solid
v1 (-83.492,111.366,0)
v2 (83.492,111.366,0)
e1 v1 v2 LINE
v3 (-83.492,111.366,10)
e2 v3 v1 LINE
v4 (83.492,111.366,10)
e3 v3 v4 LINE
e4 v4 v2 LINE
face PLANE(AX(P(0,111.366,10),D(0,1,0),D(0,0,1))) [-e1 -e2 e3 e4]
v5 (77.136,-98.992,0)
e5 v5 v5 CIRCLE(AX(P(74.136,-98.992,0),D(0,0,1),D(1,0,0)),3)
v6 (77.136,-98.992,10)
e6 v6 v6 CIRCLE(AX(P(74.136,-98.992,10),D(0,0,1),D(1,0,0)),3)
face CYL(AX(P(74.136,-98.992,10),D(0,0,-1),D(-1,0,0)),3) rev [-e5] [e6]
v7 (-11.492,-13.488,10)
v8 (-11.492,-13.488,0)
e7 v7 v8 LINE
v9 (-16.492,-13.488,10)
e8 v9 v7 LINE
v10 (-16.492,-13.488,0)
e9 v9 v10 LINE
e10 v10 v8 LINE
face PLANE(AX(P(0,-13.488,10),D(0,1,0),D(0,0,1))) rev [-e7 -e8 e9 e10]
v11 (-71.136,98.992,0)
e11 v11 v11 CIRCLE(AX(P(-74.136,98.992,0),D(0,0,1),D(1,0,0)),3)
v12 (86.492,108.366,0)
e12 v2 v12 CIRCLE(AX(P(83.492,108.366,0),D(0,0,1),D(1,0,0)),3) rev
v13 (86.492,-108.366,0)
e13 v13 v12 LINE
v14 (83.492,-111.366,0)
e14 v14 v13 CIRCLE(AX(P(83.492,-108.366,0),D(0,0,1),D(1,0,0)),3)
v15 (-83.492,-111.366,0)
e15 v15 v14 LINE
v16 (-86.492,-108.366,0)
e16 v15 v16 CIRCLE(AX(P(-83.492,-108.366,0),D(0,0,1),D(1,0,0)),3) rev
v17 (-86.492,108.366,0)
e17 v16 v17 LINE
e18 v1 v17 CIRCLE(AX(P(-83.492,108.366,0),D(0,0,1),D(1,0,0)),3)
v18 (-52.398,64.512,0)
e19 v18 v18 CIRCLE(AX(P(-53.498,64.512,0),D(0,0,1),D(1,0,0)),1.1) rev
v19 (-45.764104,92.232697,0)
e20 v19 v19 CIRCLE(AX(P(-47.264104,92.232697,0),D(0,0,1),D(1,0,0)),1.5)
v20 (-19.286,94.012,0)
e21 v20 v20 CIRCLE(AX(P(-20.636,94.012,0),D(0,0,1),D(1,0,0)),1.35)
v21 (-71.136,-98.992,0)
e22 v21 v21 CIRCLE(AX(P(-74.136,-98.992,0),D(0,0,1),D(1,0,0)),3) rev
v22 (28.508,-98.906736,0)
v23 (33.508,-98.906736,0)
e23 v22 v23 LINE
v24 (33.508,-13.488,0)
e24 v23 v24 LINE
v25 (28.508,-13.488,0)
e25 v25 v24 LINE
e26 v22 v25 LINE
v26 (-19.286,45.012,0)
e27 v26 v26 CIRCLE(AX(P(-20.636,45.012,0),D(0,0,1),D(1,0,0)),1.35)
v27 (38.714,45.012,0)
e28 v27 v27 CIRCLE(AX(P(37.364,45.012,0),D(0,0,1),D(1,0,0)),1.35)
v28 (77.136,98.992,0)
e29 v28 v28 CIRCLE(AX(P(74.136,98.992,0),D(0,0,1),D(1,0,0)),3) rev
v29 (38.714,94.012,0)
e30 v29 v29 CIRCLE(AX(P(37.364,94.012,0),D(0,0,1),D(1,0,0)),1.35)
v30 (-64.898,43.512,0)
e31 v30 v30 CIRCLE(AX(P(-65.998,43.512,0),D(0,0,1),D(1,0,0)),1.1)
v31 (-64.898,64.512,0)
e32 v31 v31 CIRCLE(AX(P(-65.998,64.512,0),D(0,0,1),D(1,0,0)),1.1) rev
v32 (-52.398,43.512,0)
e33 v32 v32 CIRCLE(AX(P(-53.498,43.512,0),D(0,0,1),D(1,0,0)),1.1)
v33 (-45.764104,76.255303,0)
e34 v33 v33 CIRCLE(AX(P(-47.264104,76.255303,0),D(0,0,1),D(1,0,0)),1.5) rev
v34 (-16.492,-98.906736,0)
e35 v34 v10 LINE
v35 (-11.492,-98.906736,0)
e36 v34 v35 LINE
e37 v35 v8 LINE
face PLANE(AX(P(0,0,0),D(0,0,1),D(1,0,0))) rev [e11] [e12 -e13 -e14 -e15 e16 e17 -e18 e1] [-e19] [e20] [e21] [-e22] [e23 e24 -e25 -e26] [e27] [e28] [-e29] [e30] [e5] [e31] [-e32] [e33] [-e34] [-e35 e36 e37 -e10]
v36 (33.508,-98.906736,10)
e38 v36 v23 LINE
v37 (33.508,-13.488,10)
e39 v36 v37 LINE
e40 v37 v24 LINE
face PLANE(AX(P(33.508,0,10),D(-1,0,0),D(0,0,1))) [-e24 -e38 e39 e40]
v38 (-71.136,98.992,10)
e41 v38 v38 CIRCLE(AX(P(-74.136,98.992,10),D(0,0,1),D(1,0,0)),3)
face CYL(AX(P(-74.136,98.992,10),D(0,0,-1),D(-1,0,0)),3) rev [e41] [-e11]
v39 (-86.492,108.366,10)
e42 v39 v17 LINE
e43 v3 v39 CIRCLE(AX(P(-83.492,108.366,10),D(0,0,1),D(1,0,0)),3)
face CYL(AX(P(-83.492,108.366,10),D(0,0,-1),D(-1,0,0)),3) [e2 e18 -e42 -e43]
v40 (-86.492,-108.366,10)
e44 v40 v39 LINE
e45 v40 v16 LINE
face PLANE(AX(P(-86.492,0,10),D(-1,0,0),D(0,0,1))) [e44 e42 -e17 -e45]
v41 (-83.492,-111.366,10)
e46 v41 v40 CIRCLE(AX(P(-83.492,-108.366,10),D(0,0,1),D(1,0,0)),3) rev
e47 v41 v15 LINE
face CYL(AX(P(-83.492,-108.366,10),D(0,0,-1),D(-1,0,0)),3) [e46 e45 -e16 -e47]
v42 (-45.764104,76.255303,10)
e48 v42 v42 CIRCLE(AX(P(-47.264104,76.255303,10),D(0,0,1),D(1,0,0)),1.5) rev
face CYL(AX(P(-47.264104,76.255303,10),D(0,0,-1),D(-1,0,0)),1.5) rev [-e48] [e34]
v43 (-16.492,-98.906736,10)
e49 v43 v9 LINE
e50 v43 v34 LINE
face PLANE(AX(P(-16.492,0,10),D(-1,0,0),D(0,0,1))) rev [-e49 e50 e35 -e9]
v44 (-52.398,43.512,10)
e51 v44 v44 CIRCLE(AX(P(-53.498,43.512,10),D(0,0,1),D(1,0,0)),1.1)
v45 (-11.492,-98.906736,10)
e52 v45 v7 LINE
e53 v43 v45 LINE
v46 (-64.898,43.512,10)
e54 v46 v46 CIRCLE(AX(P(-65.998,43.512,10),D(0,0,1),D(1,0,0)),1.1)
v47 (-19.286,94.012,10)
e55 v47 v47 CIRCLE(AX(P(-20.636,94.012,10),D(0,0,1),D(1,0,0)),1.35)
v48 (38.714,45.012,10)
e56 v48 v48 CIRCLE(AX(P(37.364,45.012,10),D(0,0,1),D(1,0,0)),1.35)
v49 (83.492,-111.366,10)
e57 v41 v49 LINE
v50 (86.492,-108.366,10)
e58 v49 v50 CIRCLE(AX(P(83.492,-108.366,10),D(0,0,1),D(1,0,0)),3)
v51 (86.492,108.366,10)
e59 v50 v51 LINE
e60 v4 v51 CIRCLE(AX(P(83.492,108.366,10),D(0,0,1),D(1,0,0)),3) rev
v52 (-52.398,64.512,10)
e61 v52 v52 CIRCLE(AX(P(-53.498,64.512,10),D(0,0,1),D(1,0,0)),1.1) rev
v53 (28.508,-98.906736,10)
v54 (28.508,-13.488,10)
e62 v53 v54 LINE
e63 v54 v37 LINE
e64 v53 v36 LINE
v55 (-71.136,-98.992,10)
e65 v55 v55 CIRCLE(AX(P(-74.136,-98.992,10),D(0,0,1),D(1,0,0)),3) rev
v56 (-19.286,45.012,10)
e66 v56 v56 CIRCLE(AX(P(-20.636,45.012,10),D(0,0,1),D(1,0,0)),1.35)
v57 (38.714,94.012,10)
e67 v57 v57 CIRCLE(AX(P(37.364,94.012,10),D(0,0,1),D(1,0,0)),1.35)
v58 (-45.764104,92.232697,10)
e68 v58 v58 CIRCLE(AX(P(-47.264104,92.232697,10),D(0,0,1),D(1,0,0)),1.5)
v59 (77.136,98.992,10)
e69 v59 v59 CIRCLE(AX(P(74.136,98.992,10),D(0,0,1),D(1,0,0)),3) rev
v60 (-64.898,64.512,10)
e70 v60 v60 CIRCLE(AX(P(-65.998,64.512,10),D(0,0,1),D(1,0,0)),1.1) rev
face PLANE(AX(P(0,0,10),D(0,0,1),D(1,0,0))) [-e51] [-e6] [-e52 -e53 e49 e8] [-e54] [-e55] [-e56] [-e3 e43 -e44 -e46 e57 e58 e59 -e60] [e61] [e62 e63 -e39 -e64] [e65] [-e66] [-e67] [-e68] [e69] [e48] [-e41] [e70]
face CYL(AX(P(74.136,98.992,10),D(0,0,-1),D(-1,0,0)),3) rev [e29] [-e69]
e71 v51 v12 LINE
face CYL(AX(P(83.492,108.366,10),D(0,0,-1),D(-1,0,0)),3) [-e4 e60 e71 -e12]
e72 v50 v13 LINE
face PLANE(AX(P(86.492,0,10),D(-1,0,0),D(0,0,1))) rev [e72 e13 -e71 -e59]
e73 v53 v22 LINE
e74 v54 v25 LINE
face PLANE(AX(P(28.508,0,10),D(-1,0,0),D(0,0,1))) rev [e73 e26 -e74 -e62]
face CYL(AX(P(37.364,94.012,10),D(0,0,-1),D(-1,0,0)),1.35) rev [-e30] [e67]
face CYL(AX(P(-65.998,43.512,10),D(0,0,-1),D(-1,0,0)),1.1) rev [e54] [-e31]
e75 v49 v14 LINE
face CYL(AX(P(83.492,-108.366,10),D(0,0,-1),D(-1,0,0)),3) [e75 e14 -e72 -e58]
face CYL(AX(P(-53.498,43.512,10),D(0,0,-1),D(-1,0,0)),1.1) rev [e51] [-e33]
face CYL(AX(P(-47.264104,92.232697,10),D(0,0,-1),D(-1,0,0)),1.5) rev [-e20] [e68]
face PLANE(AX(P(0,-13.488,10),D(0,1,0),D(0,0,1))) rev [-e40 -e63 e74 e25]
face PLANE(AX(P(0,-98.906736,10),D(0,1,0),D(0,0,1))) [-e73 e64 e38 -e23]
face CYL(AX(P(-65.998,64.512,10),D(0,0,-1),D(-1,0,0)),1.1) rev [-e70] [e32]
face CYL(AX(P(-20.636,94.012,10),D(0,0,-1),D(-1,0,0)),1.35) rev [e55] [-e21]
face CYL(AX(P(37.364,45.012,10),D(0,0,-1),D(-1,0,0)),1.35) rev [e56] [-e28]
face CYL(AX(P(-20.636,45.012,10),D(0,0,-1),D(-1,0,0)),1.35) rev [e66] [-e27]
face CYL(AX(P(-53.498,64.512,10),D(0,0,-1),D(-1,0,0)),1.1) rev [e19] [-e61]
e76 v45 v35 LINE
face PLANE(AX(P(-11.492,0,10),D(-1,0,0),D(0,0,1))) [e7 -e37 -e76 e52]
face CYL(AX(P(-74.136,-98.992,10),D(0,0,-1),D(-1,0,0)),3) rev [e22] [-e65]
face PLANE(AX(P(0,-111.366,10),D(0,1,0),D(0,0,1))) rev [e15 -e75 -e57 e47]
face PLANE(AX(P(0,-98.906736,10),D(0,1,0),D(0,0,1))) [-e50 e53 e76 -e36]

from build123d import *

# Parameters (mm, degrees)
CROQUIS1_R              = 3
CROQUIS1_W              = 5
CROQUIS1_H              = 85.41873638
CROQUIS1_W_2            = 23.862
CROQUIS1_H_2            = 25
CROQUIS1_W_3            = 15
CROQUIS1_H_3            = 20
CROQUIS1_R_2            = 1.5
CROQUIS1_R_3            = 1.1
CROQUIS1_R_4            = 1.35
SALIENTE_EXTRUIR1_DEPTH = 10


with BuildPart() as part:
    # Croquis1 → Saliente-Extruir1 (new body)
    with BuildSketch(Plane.XY):
        with BuildLine():
            ThreePointArc((83.492, 111.366), (85.613320344, 110.487320344), (86.492, 108.366))
            Line((86.492, 108.366), (86.492, -108.366))
            ThreePointArc((86.492, -108.366), (85.613320344, -110.487320344), (83.492, -111.366))
            Line((83.492, -111.366), (-83.492, -111.366))
            ThreePointArc((-83.492, -111.366), (-85.613320344, -110.487320344), (-86.492, -108.366))
            Line((-86.492, -108.366), (-86.492, 108.366))
            ThreePointArc((-86.492, 108.366), (-85.613320344, 110.487320344), (-83.492, 111.366))
            Line((-83.492, 111.366), (83.492, 111.366))
        make_face()
        with Locations((74.136, 98.992)):
            Circle(CROQUIS1_R, mode=Mode.SUBTRACT)
        with Locations((-74.136, 98.992)):
            Circle(CROQUIS1_R, mode=Mode.SUBTRACT)
        with Locations((74.136, -98.992)):
            Circle(CROQUIS1_R, mode=Mode.SUBTRACT)
        with Locations((-74.136, -98.992)):
            Circle(CROQUIS1_R, mode=Mode.SUBTRACT)
        with BuildLine():
            ThreePointArc((55.881809493, 42.260900296), (58.356683228, 43.286026562), (59.381809493, 45.760900296))
            Line((59.381809493, 45.760900296), (59.381809493, 94.012))
            ThreePointArc((59.381809493, 94.012), (58.356683228, 96.486873734), (55.881809493, 97.512))
            Line((55.881809493, 97.512), (-22.118190507, 97.512))
            ThreePointArc((-22.118190507, 97.512), (-24.593064241, 96.486873734), (-25.618190507, 94.012))
            Line((-25.618190507, 94.012), (-25.618190507, 45.760900296))
            ThreePointArc((-25.618190507, 45.760900296), (-24.593064241, 43.286026562), (-22.118190507, 42.260900296))
            Line((-22.118190507, 42.260900296), (55.881809493, 42.260900296))
        make_face(mode=Mode.SUBTRACT)
        with Locations((31.008, -56.19736819)):
            Rectangle(CROQUIS1_W, CROQUIS1_H, mode=Mode.SUBTRACT)
        with Locations((-13.992, -56.19736819)):
            Rectangle(CROQUIS1_W, CROQUIS1_H, mode=Mode.SUBTRACT)
        with Locations((-56.067, 54.012)):
            Rectangle(CROQUIS1_W_2, CROQUIS1_H_2, mode=Mode.SUBTRACT)
        with Locations((-52.84846771, 84.244)):
            Rectangle(CROQUIS1_W_3, CROQUIS1_H_3, mode=Mode.SUBTRACT)
        with Locations((-52.84846771, 84.244)):
            Rectangle(CROQUIS1_W_3, CROQUIS1_H_3)
        with Locations((-47.26410382, 92.23269661)):
            Circle(CROQUIS1_R_2, mode=Mode.SUBTRACT)
        with Locations((-47.26410382, 76.25530339)):
            Circle(CROQUIS1_R_2, mode=Mode.SUBTRACT)
        with Locations((-56.067, 54.012)):
            Rectangle(CROQUIS1_W_2, CROQUIS1_H_2)
        with Locations((-53.498, 64.512)):
            Circle(CROQUIS1_R_3, mode=Mode.SUBTRACT)
        with Locations((-53.498, 43.512)):
            Circle(CROQUIS1_R_3, mode=Mode.SUBTRACT)
        with Locations((-65.998, 43.512)):
            Circle(CROQUIS1_R_3, mode=Mode.SUBTRACT)
        with Locations((-65.998, 64.512)):
            Circle(CROQUIS1_R_3, mode=Mode.SUBTRACT)
        with BuildLine():
            Line((-22.118190507, 42.260900296), (55.881809493, 42.260900296))
            ThreePointArc((55.881809493, 42.260900296), (58.356683228, 43.286026562), (59.381809493, 45.760900296))
            Line((59.381809493, 45.760900296), (59.381809493, 94.012))
            ThreePointArc((59.381809493, 94.012), (58.356683228, 96.486873734), (55.881809493, 97.512))
            Line((55.881809493, 97.512), (-22.118190507, 97.512))
            ThreePointArc((-22.118190507, 97.512), (-24.593064241, 96.486873734), (-25.618190507, 94.012))
            Line((-25.618190507, 94.012), (-25.618190507, 45.760900296))
            ThreePointArc((-25.618190507, 45.760900296), (-24.593064241, 43.286026562), (-22.118190507, 42.260900296))
        make_face()
        with Locations((-20.636, 94.012)):
            Circle(CROQUIS1_R_4, mode=Mode.SUBTRACT)
        with Locations((37.364, 94.012)):
            Circle(CROQUIS1_R_4, mode=Mode.SUBTRACT)
        with Locations((37.364, 45.012)):
            Circle(CROQUIS1_R_4, mode=Mode.SUBTRACT)
        with Locations((-20.636, 45.012)):
            Circle(CROQUIS1_R_4, mode=Mode.SUBTRACT)
    extrude(amount=SALIENTE_EXTRUIR1_DEPTH)


solid = part.part
